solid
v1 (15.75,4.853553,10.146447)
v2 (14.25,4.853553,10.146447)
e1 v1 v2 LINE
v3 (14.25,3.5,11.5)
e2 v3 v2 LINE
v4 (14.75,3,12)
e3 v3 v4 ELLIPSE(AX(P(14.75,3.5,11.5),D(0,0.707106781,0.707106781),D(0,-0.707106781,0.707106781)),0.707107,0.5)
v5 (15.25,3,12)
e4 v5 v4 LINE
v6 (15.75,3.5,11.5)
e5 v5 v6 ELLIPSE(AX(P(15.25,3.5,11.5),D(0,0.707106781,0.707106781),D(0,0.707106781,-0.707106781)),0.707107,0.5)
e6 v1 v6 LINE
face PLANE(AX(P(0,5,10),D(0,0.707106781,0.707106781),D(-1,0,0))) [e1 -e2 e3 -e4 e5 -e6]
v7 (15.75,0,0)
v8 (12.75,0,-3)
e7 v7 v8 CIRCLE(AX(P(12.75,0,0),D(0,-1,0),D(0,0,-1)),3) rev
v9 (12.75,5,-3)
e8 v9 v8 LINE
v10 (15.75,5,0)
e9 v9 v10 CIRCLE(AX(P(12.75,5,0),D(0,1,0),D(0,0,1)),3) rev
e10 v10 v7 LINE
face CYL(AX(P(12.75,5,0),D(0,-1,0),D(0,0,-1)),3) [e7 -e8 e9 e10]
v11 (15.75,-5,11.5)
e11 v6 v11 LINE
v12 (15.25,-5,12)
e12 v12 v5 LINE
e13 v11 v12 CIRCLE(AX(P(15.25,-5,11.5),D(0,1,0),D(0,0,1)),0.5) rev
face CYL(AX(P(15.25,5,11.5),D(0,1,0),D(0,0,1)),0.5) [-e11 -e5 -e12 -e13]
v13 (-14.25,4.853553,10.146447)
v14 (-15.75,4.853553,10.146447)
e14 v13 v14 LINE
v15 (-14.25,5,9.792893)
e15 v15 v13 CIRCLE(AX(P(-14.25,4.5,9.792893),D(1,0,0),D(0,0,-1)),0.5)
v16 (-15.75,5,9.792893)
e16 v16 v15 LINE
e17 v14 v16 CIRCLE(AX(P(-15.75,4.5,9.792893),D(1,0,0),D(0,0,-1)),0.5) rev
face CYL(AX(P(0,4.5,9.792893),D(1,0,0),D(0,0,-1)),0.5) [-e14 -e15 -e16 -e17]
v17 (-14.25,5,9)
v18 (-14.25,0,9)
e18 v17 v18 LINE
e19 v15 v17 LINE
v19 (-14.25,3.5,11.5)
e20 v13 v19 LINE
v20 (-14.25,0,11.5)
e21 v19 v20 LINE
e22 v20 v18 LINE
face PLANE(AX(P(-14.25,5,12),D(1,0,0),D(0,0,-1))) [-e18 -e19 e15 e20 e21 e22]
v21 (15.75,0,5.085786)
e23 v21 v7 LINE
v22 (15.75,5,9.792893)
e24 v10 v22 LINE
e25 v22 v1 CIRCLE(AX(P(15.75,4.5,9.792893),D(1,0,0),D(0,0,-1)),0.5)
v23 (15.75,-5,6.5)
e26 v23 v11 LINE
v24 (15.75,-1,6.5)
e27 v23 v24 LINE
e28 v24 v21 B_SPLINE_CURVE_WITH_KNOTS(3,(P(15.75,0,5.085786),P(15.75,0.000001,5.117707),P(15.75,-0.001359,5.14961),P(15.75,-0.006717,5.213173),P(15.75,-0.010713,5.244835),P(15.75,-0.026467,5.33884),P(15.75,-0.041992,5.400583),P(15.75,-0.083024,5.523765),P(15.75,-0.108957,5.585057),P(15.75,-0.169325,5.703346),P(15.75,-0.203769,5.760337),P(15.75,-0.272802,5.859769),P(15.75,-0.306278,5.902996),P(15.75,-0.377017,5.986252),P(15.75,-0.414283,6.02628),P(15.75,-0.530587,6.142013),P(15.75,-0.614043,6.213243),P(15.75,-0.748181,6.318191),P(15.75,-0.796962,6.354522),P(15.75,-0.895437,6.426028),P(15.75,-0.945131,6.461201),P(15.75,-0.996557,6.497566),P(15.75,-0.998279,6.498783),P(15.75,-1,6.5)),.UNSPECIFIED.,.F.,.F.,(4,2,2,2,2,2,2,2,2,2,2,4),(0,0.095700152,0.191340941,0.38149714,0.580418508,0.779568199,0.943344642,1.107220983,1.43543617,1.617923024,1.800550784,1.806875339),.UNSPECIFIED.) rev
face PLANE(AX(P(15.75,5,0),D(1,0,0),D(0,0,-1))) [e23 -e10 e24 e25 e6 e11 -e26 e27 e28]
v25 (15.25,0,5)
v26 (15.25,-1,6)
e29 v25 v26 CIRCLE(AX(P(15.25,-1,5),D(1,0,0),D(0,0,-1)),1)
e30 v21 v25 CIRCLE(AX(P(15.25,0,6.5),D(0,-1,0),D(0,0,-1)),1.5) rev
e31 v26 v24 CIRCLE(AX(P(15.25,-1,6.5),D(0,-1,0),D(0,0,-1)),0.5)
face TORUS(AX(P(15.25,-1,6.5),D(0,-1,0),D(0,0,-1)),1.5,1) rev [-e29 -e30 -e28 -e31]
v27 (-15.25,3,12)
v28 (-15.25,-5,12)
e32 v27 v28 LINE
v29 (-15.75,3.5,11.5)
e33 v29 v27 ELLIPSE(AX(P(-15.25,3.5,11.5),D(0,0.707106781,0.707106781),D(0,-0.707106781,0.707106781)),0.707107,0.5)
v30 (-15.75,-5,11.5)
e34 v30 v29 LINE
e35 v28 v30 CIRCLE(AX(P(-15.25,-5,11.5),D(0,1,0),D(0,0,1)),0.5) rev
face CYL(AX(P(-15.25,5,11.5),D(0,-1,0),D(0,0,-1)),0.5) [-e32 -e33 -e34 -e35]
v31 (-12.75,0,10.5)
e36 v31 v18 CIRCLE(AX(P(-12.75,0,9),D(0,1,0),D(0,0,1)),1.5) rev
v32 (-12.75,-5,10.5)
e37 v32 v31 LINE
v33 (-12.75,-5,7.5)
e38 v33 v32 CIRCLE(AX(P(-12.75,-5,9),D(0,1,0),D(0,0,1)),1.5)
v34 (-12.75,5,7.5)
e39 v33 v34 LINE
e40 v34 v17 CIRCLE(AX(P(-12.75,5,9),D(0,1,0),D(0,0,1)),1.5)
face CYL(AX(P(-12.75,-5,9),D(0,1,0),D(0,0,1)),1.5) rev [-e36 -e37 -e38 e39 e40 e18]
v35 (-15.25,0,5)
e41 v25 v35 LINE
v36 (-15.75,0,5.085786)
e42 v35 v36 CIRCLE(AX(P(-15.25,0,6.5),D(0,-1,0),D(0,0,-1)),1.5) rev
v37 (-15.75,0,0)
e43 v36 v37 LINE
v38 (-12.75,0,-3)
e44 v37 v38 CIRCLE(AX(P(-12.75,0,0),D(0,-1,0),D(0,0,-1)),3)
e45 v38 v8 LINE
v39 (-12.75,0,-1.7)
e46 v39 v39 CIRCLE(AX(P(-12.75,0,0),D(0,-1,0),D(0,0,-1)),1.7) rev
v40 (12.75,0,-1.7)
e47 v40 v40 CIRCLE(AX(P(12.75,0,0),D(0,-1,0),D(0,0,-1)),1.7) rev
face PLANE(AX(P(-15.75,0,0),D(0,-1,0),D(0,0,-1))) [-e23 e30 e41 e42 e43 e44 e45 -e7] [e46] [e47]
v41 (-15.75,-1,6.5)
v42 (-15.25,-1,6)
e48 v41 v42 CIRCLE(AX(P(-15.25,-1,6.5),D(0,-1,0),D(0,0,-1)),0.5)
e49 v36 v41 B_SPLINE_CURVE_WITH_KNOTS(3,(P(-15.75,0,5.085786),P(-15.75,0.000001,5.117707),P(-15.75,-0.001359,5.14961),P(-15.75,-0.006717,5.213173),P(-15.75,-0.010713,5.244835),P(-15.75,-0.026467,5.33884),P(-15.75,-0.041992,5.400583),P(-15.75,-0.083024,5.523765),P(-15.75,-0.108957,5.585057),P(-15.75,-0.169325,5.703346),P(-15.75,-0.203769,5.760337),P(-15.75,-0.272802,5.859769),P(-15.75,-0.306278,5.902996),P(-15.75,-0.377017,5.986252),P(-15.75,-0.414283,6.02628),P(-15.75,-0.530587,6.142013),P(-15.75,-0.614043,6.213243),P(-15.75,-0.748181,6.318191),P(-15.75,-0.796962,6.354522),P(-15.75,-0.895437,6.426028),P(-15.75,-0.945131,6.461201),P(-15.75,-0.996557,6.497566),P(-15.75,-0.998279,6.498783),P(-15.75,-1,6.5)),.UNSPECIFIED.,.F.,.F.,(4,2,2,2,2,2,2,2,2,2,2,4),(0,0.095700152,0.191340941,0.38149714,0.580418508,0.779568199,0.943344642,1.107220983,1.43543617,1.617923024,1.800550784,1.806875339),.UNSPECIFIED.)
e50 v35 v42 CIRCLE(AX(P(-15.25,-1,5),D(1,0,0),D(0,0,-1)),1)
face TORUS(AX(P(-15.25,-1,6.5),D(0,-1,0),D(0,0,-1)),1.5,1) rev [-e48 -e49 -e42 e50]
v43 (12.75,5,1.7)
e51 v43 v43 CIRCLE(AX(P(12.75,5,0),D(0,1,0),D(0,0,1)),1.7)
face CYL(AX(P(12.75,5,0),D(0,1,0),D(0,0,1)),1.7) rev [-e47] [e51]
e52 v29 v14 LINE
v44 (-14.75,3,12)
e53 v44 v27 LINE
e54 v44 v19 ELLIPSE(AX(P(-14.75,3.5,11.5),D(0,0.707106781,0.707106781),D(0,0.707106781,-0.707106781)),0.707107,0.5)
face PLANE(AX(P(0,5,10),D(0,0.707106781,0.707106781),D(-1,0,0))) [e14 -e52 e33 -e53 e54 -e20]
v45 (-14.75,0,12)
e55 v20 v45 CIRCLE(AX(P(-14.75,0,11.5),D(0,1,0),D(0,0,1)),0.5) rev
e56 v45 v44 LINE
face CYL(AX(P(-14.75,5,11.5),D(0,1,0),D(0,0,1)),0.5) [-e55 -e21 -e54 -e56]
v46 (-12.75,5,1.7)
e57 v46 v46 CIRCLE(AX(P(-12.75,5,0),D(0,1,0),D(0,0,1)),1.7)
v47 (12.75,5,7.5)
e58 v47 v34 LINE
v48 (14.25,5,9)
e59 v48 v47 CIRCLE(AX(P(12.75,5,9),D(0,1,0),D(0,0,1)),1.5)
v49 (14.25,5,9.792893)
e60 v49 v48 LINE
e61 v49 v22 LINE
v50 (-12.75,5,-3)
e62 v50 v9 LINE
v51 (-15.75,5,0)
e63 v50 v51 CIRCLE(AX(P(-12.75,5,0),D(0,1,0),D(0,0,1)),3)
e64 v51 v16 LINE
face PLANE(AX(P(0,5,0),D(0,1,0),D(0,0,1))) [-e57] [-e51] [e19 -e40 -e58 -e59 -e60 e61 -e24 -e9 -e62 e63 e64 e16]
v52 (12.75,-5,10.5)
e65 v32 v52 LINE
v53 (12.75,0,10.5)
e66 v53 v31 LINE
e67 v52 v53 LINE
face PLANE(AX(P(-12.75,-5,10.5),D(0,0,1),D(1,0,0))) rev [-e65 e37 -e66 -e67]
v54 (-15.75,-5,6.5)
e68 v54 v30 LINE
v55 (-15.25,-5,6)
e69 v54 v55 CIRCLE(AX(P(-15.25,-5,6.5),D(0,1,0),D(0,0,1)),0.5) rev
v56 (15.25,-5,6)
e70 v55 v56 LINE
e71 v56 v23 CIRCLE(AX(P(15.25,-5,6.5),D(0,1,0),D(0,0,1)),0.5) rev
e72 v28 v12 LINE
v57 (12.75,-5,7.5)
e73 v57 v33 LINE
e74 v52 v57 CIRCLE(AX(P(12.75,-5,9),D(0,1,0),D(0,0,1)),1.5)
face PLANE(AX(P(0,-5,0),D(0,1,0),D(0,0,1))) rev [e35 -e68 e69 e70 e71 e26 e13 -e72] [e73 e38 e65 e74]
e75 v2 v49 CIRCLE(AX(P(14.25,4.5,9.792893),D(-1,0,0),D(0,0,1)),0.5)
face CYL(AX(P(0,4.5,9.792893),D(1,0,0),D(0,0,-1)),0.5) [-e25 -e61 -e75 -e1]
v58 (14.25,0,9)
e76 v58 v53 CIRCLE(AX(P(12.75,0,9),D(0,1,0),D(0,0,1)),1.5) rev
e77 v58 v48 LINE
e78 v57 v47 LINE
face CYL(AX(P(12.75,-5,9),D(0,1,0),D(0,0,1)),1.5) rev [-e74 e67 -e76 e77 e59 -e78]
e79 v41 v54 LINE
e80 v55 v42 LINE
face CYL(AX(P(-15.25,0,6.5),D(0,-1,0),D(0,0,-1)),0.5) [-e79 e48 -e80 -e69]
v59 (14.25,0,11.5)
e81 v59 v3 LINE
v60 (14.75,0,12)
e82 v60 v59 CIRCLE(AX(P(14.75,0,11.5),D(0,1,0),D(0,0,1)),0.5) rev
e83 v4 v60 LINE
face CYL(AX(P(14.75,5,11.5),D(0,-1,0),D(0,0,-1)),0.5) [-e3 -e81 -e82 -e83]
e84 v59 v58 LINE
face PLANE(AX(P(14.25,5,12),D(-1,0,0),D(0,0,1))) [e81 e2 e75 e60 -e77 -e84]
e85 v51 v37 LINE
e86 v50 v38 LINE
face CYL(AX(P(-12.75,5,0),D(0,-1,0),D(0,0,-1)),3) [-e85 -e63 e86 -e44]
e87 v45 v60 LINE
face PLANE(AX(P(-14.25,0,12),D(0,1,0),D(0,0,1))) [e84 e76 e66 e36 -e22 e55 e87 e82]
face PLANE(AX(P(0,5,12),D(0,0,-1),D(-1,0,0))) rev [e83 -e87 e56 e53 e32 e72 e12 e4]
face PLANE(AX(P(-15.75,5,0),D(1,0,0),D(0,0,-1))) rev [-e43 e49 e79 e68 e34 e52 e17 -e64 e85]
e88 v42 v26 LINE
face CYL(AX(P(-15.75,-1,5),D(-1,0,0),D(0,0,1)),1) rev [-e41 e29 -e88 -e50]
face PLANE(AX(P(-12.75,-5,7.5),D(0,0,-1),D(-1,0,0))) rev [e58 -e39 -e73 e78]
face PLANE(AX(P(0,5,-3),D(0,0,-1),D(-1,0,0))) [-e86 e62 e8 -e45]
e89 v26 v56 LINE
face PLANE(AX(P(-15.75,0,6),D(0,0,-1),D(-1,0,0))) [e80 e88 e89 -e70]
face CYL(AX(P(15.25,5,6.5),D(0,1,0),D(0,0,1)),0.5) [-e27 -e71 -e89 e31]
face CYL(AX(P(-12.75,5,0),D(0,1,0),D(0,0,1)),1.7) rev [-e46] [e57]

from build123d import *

# Parameters (mm, degrees)
BOSS_EXTRUDE1_DEPTH  = 5
M3_CLEARANCE_HOLE1_D = 3.4
CUT_EXTRUDE1_DEPTH   = 23.182481827
SKETCH5_W            = 9
SKETCH5_H            = 5
CUT_EXTRUDE2_DEPTH   = 35.077118423
CUT_EXTRUDE5_DEPTH   = 21.422108118
CHAMFER1_SIZE        = 2
FILLET5_R            = 0.5
FILLET6_R            = 1


with BuildPart() as part:
    # Sketch1 → Boss-Extrude1 (new, symmetric)
    with BuildSketch(Plane(origin=(0, 0, 0), x_dir=(1, 0, 0), z_dir=(0, 1, 0))):
        with BuildLine():
            Line((12.75, 3), (-12.75, 3))
            ThreePointArc((-12.75, 3), (-14.871320344, 2.121320344), (-15.75, 0))
            Line((-15.75, 0), (-15.75, -12))
            Line((-15.75, -12), (15.75, -12))
            Line((15.75, -12), (15.75, 0))
            ThreePointArc((15.75, 0), (14.871320344, 2.121320344), (12.75, 3))
        make_face()
    extrude(amount=BOSS_EXTRUDE1_DEPTH, both=True)

    # M3 Clearance Hole1 (through all)
    with Locations(Plane(origin=(0, 5, 0), x_dir=(1, 0, 0), z_dir=(0, 1, 0))):
        with Locations((-12.75, 0), (12.75, 0)):
            Hole(M3_CLEARANCE_HOLE1_D / 2)

    # Sketch4 → Cut-Extrude1 (cut, through all)
    with BuildSketch(Plane(origin=(0, 5, 0), x_dir=(1, 0, 0), z_dir=(0, 1, 0))):
        with BuildLine():
            Line((-12.75, -7.5), (12.75, -7.5))
            ThreePointArc((12.75, -7.5), (14.25, -9), (12.75, -10.5))
            Line((12.75, -10.5), (-12.75, -10.5))
            ThreePointArc((-12.75, -10.5), (-14.25, -9), (-12.75, -7.5))
        make_face()
    extrude(amount=-CUT_EXTRUDE1_DEPTH, mode=Mode.SUBTRACT)

    # Sketch5 → Cut-Extrude2 (cut, through all)
    with BuildSketch(Plane(origin=(15.75, 0, 0), x_dir=(0, 0, -1), z_dir=(1, 0, 0))):
        with Locations((-1.5, -2.5)):
            Rectangle(SKETCH5_W, SKETCH5_H)
    extrude(amount=-CUT_EXTRUDE2_DEPTH, mode=Mode.SUBTRACT)

    # Sketch6 → Cut-Extrude5 (cut, through all)
    with BuildSketch(Plane.XY.offset(9)):
        Polygon((-12.75, 5), (-14.25, 5), (-14.25, 0), (14.25, 0), (14.25, 5), (12.75, 5), align=None)
    extrude(amount=CUT_EXTRUDE5_DEPTH, mode=Mode.SUBTRACT)

    # Chamfer1
    chamfer1_edges = [part.edges().sort_by_distance(p)[0] for p in [
        (-15, 5, 12),
        (15, 5, 12),
    ]]
    chamfer(chamfer1_edges, length=CHAMFER1_SIZE)

    # Fillet5
    fillet5_edges = [part.edges().sort_by_distance(p)[0] for p in [
        (-15, 5, 10),
        (15, 5, 10),
        (15.75, -1, 12),
        (-14.25, 1.5, 12),
        (-15.75, -1, 12),
        (15.75, -2.5, 6),
        (-15.75, -2.5, 6),
        (14.25, 1.5, 12),
    ]]
    fillet(fillet5_edges, radius=FILLET5_R)

    # Fillet6
    fillet6_edges = [part.edges().sort_by_distance(p)[0] for p in [
        (0, 0, 6),
        (-15.603553391, 0, 6.146446609),
        (15.603553391, 0, 6.146446609),
    ]]
    fillet(fillet6_edges, radius=FILLET6_R)


solid = part.part
